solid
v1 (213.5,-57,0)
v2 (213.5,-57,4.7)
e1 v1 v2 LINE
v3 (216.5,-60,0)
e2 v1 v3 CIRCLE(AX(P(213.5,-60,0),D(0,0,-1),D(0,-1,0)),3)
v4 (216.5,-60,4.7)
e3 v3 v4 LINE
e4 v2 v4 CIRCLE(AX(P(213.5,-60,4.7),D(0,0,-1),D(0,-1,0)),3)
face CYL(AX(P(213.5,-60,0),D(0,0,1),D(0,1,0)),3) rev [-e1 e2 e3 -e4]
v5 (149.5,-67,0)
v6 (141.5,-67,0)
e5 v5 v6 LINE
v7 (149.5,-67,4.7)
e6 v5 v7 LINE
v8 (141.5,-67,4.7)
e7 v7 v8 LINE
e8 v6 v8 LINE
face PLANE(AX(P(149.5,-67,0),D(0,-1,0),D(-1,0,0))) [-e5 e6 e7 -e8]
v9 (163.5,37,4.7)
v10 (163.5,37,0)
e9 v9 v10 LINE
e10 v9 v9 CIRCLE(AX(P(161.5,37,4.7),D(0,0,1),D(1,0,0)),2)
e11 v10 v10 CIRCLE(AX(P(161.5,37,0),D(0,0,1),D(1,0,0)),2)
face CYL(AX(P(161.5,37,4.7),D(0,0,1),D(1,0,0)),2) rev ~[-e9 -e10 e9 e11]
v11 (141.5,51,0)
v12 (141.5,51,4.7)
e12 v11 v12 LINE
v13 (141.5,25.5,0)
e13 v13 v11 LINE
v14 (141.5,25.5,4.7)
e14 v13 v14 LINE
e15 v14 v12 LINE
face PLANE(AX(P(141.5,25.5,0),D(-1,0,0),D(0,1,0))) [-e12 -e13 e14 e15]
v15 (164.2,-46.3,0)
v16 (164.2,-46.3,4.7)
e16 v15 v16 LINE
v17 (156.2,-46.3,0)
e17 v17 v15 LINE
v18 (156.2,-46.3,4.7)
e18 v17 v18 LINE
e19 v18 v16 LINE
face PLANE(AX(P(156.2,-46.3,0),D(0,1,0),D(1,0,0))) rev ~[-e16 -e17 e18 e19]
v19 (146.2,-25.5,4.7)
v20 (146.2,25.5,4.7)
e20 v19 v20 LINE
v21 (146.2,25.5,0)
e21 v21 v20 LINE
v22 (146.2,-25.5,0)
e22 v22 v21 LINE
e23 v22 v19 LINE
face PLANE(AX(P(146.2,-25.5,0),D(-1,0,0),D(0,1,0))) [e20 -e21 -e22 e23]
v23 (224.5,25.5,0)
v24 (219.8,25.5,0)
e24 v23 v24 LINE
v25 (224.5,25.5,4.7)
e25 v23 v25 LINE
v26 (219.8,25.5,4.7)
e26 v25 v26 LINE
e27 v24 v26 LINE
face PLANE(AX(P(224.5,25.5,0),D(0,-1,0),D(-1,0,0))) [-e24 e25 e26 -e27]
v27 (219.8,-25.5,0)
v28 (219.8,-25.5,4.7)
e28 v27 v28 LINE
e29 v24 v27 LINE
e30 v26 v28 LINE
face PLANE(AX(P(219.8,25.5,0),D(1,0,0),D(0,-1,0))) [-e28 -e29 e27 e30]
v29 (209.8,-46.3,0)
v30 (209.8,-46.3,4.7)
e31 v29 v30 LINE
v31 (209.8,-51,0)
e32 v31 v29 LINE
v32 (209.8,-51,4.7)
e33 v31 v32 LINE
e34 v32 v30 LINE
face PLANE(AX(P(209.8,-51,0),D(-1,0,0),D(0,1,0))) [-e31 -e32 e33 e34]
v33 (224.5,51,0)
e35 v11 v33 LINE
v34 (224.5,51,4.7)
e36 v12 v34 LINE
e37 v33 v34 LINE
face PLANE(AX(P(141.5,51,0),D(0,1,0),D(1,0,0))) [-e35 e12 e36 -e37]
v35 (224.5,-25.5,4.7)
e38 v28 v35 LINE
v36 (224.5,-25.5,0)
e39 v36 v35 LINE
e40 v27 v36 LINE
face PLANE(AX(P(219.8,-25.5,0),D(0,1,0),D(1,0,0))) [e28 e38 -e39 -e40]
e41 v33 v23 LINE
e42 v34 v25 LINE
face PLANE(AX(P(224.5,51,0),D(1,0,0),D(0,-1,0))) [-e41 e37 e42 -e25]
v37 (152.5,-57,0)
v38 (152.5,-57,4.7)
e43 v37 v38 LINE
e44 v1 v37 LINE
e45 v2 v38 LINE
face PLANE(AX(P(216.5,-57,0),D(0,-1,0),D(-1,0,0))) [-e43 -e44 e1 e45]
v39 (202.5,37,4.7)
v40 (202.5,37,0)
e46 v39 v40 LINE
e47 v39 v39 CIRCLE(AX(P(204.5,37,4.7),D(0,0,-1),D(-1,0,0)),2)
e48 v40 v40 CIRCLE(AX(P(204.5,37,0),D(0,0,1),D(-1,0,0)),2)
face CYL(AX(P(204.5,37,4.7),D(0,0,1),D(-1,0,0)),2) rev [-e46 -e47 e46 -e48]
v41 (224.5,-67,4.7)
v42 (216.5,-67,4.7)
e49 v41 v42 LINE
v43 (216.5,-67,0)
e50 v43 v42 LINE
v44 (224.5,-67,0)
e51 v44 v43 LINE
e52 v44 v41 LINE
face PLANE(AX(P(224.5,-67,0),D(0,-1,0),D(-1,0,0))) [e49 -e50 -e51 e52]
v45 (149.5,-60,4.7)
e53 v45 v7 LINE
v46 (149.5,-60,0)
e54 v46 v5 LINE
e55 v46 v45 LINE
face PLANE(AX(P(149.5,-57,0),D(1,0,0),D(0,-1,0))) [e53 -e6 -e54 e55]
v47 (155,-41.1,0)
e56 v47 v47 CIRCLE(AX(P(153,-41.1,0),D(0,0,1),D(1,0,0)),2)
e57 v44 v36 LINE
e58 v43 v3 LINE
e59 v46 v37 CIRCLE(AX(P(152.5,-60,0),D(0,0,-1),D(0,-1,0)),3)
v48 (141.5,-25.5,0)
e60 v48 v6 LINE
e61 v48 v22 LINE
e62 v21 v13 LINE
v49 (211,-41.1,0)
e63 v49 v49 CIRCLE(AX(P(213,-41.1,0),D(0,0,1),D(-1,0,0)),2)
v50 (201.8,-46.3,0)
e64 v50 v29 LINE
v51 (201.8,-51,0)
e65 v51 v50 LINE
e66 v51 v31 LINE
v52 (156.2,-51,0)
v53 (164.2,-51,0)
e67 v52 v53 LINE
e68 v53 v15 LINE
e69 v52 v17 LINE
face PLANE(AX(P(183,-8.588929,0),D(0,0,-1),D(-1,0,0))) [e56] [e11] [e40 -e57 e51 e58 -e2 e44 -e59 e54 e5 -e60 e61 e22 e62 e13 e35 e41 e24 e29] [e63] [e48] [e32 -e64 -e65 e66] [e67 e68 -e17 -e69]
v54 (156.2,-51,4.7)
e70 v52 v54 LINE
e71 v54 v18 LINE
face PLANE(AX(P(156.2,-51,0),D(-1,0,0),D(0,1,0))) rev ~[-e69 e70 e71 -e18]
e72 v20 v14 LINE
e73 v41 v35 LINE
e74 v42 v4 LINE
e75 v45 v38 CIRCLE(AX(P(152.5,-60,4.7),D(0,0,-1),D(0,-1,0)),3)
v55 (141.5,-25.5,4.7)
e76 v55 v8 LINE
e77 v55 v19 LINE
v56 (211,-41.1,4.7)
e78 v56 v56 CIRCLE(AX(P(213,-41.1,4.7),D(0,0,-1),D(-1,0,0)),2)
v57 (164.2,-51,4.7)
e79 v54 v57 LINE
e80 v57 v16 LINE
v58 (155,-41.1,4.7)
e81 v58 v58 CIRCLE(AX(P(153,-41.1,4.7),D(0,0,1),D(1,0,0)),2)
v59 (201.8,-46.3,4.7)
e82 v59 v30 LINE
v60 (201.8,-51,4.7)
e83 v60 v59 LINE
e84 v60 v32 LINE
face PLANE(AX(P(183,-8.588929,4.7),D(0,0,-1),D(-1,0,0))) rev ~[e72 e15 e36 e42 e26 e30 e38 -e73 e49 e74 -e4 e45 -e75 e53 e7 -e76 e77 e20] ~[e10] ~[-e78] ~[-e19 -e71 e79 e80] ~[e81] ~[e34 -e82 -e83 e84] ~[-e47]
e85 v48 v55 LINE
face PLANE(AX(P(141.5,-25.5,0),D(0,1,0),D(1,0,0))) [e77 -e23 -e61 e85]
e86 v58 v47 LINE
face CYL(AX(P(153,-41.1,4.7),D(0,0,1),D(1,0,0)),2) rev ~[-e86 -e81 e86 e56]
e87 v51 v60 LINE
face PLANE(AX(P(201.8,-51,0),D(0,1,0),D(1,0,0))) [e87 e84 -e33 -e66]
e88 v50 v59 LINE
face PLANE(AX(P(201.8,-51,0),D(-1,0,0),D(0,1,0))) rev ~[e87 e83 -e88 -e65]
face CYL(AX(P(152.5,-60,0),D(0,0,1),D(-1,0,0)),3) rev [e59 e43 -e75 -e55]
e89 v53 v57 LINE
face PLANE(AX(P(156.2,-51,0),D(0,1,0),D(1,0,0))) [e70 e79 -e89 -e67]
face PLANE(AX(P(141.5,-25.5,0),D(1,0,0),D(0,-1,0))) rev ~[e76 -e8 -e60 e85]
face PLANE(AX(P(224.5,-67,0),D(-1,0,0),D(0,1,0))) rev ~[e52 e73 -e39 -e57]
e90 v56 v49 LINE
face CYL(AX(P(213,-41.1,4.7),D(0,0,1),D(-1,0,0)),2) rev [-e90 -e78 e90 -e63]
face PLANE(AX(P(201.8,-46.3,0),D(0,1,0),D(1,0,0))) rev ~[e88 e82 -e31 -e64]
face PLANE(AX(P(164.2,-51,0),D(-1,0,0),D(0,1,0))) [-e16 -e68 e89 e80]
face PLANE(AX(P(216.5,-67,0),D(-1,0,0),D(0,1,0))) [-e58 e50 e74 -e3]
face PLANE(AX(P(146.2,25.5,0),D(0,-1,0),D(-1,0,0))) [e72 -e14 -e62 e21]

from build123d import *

# Parameters (mm, degrees)
SKETCH013_W             = 8
SKETCH013_H             = 4.7
PAD009_DEPTH            = 4.7
FILLET002_R             = 3
SKETCH020_R             = 2
POCKET002_DEPTH         = 293.388305
BODY015_PLACEMENT_ANGLE = 90


with BuildPart() as part:
    # Sketch013 → Pad009 (new body)
    with BuildSketch(Plane.XZ):
        Polygon((-41.5, -51), (-41.5, -25.5), (-36.8, -25.5), (-36.8, 25.5), (-41.5, 25.5), (-41.5, 51), (41.5, 51), (41.5, 25.5), (36.8, 25.5), (36.8, -25.5), (41.5, -25.5), (41.5, -51), (41.5, -67), (33.5, -67), (33.5, -57), (-33.5, -57), (-33.5, -67), (-41.5, -67), align=None)
        with Locations((-22.8, -48.65)):
            Rectangle(SKETCH013_W, SKETCH013_H, mode=Mode.SUBTRACT)
        with Locations((22.8, -48.65)):
            Rectangle(SKETCH013_W, SKETCH013_H, mode=Mode.SUBTRACT)
    extrude(amount=PAD009_DEPTH)

    # Fillet002
    fillet002_edges = [part.edges().sort_by_distance(p)[0] for p in [
        (-33.5, -2.35, -57),
        (33.5, -2.35, -57),
    ]]
    fillet(fillet002_edges, radius=FILLET002_R)

    # Sketch020 (on Face5 of Fillet002) → Pocket002 (cut, through all)
    with BuildSketch(Plane.XZ.offset(4.7)):
        with Locations((-21.5, 37)):
            Circle(SKETCH020_R)
        with Locations((-30, -41.1)):
            Circle(SKETCH020_R)
    pocket002 = extrude(amount=-POCKET002_DEPTH, mode=Mode.SUBTRACT)

    # Mirrored001: Pocket002 across Sketch020 V_Axis
    add(pocket002.mirror(Plane(origin=(0, -4.7, 0), x_dir=(0, -1, 0), z_dir=(1, 0, 0))), mode=Mode.SUBTRACT)


with BuildPart() as part_1:
    # Body009 placement: moved
    add(part.part.moved(Location((0, -36.8, 48))))


with BuildPart() as part_2:
    # Clone002 placement: moved
    add(part_1.part.moved(Location((0, 36.8, -48))))


with BuildPart() as part_3:
    # Body015 placement: moved
    add(part_2.part.moved(Location((183, 0, 0))).rotate(Axis((183, 0, 0), (-1, 0, 0)), BODY015_PLACEMENT_ANGLE))


solid = part_3.part
